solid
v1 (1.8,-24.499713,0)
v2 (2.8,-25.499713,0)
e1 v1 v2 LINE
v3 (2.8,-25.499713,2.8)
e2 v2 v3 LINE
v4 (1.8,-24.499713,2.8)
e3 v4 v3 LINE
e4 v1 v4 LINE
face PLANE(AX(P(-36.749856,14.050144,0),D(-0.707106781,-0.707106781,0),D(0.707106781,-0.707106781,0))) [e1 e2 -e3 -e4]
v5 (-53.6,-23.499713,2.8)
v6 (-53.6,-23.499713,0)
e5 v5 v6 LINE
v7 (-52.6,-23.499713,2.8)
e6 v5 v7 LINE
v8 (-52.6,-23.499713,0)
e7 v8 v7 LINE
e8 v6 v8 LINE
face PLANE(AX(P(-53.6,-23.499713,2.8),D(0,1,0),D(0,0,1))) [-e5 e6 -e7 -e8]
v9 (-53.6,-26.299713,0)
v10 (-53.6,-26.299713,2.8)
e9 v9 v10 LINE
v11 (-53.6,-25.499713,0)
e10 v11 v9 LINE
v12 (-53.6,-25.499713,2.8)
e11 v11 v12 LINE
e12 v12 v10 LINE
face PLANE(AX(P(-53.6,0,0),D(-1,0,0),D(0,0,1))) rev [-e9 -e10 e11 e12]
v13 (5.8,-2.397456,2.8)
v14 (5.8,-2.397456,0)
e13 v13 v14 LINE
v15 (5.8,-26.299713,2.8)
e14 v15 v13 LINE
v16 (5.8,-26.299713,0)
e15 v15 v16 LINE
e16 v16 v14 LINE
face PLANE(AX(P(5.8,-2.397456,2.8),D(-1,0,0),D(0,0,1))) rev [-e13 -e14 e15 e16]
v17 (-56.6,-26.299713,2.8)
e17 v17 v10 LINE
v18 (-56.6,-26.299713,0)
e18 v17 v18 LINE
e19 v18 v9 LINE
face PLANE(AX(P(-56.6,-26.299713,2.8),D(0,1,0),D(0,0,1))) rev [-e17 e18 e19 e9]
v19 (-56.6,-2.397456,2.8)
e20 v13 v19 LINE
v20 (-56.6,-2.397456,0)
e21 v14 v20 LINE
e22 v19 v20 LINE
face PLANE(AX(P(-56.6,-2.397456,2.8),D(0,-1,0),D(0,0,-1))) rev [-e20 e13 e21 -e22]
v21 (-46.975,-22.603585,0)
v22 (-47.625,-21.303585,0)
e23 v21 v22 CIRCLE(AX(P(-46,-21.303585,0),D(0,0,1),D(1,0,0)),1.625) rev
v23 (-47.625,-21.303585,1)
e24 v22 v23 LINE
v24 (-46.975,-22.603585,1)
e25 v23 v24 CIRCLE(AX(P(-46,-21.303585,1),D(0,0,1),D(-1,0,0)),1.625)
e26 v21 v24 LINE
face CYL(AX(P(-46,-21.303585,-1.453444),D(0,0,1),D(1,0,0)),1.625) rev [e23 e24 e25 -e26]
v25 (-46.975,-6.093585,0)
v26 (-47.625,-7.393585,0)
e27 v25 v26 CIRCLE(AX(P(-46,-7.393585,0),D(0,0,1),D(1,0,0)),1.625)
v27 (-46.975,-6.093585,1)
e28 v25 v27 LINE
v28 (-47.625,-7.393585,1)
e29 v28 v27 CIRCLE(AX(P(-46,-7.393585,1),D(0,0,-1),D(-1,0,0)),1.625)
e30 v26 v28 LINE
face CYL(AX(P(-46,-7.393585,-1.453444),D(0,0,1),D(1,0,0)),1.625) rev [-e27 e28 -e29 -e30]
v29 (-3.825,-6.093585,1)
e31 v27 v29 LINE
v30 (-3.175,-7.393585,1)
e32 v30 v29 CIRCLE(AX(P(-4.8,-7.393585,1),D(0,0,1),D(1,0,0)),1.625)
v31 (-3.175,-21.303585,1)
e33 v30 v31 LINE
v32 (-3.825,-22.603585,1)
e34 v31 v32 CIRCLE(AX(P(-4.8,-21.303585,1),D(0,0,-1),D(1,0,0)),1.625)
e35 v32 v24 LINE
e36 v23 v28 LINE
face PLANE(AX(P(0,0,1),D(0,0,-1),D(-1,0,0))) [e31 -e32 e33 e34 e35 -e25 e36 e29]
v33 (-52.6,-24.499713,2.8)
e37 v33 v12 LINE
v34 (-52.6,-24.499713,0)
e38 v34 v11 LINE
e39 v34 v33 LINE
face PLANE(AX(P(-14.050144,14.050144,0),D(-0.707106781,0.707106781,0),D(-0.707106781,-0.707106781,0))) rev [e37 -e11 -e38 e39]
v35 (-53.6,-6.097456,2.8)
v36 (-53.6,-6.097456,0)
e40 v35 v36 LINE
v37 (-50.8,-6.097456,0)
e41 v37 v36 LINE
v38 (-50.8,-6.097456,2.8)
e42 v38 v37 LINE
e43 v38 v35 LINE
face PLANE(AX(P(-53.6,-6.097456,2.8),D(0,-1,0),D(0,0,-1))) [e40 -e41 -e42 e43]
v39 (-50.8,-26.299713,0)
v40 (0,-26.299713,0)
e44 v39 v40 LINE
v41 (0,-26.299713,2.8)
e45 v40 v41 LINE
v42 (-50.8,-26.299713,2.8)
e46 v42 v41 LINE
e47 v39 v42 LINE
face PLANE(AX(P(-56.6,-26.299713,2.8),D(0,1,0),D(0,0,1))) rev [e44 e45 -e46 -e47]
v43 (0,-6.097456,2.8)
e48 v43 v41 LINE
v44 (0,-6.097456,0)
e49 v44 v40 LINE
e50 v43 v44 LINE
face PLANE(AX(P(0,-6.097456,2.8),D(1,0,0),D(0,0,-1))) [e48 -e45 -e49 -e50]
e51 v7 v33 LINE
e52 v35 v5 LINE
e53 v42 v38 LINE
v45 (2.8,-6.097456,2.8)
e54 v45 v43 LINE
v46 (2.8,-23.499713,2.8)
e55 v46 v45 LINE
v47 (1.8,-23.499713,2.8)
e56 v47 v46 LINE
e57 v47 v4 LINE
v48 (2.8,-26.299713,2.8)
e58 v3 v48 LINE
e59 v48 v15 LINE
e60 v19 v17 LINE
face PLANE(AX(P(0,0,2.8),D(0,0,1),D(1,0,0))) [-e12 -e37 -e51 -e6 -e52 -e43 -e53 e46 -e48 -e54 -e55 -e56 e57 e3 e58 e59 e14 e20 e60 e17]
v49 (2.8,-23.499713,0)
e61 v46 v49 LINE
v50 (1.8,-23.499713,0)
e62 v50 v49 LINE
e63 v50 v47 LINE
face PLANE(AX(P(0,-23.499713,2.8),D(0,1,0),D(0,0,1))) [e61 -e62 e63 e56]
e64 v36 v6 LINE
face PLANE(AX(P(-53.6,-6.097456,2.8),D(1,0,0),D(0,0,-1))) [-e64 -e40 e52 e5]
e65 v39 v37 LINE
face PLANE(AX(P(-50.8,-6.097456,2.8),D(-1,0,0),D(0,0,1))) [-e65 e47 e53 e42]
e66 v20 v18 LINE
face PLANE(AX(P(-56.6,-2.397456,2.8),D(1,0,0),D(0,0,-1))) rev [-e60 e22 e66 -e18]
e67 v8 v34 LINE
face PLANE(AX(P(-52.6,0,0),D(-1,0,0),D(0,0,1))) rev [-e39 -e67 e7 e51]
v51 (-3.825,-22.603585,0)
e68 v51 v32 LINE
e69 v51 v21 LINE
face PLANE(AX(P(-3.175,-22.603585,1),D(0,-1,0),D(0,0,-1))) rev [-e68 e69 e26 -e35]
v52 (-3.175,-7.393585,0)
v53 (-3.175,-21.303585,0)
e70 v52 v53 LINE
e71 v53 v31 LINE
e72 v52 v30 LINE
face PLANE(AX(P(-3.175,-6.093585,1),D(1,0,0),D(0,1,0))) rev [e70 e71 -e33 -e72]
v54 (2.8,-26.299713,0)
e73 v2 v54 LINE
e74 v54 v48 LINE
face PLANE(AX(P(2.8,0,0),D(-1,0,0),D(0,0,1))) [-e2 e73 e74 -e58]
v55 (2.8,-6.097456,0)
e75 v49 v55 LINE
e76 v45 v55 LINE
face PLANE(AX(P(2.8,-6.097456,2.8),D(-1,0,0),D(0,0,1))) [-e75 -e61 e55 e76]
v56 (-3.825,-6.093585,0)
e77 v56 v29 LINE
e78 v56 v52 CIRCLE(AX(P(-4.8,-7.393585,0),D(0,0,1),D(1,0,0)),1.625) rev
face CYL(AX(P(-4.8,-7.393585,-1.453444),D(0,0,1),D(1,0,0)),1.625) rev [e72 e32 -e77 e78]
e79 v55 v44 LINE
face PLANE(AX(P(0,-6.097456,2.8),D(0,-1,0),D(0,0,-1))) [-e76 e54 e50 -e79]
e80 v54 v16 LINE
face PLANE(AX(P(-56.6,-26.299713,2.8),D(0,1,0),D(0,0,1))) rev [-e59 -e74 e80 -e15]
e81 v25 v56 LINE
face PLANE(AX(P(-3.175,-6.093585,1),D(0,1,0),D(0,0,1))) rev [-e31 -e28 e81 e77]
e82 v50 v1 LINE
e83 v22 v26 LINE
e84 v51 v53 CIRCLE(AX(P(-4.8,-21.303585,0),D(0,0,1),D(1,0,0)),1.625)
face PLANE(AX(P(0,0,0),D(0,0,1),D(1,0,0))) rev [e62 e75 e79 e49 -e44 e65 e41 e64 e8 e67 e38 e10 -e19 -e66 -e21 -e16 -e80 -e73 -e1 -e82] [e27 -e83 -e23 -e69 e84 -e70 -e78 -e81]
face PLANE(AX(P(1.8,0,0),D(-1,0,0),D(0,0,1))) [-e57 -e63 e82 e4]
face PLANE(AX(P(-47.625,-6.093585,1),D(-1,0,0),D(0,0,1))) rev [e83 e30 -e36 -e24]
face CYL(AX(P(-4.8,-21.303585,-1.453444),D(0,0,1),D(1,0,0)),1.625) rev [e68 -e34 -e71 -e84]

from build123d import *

# Parameters (mm, degrees)
SKETCH1_W                                = 62.4
SKETCH1_H                                = 23.902256307
SKETCH1_W_2                              = 2.8
SKETCH1_H_2                              = 17.402256307
BOSS_EXTRUDE1_DEPTH                      = 2.8
CUT_EXTRUDE1_DEPTH                       = 3.8
SKETCH4_W                                = 44.45
SKETCH4_H                                = 16.51
CUT_EXTRUDE2_DEPTH                       = 1
BOSS_EXTRUDE2_DEPTH                      = 1
MIRROR2_AT_THE_SECOND_PLANE_COPY_1_DEPTH = 1


with BuildPart() as part:
    # Sketch1 → Boss-Extrude1 (new body)
    with BuildSketch(Plane.XY):
        with Locations((-25.4, -14.348584576)):
            Rectangle(SKETCH1_W, SKETCH1_H)
        with Locations((-52.2, -14.798584576)):
            Rectangle(SKETCH1_W_2, SKETCH1_H_2, mode=Mode.SUBTRACT)
        with Locations((1.4, -14.798584576)):
            Rectangle(SKETCH1_W_2, SKETCH1_H_2, mode=Mode.SUBTRACT)
    extrude(amount=BOSS_EXTRUDE1_DEPTH)

    # Sketch2 → Cut-Extrude1 (cut, through all)
    with BuildSketch(Plane.XY.offset(2.8)):
        Polygon((-50.8, -23.499712729), (-52.6, -23.499712729), (-52.6, -24.499712729), (-53.6, -25.499712729), (-53.6, -26.299712729), (-50.8, -26.299712729), align=None)
    cut_extrude1 = extrude(amount=-CUT_EXTRUDE1_DEPTH, mode=Mode.SUBTRACT)

    # Mirror1: Cut-Extrude1 across plane
    add(cut_extrude1.mirror(Plane.ZY.offset(25.4)), mode=Mode.SUBTRACT)

    # Sketch4 → Cut-Extrude2 (cut)
    with BuildSketch(Plane(origin=(0, 0, 0), x_dir=(-1, 0, 0), z_dir=(0, 0, -1))):
        with Locations((25.4, -14.348584576)):
            Rectangle(SKETCH4_W, SKETCH4_H)
    extrude(amount=-CUT_EXTRUDE2_DEPTH, mode=Mode.SUBTRACT)

    # Sketch5 → Boss-Extrude2 (add)
    with BuildSketch(Plane(origin=(0, 0, 1), x_dir=(-1, 0, 0), z_dir=(0, 0, -1))):
        with BuildLine():
            Line((3.175, -6.093584576), (3.825, -6.093584576))
            ThreePointArc((3.825, -6.093584576), (3.346555815, -6.666862483), (3.175, -7.393584576))
            Line((3.175, -7.393584576), (3.175, -6.093584576))
        make_face()
    boss_extrude2 = extrude(amount=BOSS_EXTRUDE2_DEPTH)

    # Mirror2: Boss-Extrude2 across plane
    add(boss_extrude2.mirror(Plane.ZY.offset(25.4)))

    # Mirror2 at the second plane: Boss-Extrude2 across plane
    add(boss_extrude2.mirror(Plane.ZX.offset(-14.348584576)))

    # Mirror2 at the second plane copy 1 sketc → Mirror2 at the second plane copy 1 (add)
    with BuildSketch(Plane(origin=(-50.8, -28.697169151, 1), x_dir=(1, 0, 0), z_dir=(0, 0, -1))):
        with BuildLine():
            Line((3.175, -6.093584576), (3.825, -6.093584576))
            ThreePointArc((3.825, -6.093584576), (3.346555815, -6.666862483), (3.175, -7.393584576))
            Line((3.175, -7.393584576), (3.175, -6.093584576))
        make_face()
    extrude(amount=MIRROR2_AT_THE_SECOND_PLANE_COPY_1_DEPTH)


solid = part.part
